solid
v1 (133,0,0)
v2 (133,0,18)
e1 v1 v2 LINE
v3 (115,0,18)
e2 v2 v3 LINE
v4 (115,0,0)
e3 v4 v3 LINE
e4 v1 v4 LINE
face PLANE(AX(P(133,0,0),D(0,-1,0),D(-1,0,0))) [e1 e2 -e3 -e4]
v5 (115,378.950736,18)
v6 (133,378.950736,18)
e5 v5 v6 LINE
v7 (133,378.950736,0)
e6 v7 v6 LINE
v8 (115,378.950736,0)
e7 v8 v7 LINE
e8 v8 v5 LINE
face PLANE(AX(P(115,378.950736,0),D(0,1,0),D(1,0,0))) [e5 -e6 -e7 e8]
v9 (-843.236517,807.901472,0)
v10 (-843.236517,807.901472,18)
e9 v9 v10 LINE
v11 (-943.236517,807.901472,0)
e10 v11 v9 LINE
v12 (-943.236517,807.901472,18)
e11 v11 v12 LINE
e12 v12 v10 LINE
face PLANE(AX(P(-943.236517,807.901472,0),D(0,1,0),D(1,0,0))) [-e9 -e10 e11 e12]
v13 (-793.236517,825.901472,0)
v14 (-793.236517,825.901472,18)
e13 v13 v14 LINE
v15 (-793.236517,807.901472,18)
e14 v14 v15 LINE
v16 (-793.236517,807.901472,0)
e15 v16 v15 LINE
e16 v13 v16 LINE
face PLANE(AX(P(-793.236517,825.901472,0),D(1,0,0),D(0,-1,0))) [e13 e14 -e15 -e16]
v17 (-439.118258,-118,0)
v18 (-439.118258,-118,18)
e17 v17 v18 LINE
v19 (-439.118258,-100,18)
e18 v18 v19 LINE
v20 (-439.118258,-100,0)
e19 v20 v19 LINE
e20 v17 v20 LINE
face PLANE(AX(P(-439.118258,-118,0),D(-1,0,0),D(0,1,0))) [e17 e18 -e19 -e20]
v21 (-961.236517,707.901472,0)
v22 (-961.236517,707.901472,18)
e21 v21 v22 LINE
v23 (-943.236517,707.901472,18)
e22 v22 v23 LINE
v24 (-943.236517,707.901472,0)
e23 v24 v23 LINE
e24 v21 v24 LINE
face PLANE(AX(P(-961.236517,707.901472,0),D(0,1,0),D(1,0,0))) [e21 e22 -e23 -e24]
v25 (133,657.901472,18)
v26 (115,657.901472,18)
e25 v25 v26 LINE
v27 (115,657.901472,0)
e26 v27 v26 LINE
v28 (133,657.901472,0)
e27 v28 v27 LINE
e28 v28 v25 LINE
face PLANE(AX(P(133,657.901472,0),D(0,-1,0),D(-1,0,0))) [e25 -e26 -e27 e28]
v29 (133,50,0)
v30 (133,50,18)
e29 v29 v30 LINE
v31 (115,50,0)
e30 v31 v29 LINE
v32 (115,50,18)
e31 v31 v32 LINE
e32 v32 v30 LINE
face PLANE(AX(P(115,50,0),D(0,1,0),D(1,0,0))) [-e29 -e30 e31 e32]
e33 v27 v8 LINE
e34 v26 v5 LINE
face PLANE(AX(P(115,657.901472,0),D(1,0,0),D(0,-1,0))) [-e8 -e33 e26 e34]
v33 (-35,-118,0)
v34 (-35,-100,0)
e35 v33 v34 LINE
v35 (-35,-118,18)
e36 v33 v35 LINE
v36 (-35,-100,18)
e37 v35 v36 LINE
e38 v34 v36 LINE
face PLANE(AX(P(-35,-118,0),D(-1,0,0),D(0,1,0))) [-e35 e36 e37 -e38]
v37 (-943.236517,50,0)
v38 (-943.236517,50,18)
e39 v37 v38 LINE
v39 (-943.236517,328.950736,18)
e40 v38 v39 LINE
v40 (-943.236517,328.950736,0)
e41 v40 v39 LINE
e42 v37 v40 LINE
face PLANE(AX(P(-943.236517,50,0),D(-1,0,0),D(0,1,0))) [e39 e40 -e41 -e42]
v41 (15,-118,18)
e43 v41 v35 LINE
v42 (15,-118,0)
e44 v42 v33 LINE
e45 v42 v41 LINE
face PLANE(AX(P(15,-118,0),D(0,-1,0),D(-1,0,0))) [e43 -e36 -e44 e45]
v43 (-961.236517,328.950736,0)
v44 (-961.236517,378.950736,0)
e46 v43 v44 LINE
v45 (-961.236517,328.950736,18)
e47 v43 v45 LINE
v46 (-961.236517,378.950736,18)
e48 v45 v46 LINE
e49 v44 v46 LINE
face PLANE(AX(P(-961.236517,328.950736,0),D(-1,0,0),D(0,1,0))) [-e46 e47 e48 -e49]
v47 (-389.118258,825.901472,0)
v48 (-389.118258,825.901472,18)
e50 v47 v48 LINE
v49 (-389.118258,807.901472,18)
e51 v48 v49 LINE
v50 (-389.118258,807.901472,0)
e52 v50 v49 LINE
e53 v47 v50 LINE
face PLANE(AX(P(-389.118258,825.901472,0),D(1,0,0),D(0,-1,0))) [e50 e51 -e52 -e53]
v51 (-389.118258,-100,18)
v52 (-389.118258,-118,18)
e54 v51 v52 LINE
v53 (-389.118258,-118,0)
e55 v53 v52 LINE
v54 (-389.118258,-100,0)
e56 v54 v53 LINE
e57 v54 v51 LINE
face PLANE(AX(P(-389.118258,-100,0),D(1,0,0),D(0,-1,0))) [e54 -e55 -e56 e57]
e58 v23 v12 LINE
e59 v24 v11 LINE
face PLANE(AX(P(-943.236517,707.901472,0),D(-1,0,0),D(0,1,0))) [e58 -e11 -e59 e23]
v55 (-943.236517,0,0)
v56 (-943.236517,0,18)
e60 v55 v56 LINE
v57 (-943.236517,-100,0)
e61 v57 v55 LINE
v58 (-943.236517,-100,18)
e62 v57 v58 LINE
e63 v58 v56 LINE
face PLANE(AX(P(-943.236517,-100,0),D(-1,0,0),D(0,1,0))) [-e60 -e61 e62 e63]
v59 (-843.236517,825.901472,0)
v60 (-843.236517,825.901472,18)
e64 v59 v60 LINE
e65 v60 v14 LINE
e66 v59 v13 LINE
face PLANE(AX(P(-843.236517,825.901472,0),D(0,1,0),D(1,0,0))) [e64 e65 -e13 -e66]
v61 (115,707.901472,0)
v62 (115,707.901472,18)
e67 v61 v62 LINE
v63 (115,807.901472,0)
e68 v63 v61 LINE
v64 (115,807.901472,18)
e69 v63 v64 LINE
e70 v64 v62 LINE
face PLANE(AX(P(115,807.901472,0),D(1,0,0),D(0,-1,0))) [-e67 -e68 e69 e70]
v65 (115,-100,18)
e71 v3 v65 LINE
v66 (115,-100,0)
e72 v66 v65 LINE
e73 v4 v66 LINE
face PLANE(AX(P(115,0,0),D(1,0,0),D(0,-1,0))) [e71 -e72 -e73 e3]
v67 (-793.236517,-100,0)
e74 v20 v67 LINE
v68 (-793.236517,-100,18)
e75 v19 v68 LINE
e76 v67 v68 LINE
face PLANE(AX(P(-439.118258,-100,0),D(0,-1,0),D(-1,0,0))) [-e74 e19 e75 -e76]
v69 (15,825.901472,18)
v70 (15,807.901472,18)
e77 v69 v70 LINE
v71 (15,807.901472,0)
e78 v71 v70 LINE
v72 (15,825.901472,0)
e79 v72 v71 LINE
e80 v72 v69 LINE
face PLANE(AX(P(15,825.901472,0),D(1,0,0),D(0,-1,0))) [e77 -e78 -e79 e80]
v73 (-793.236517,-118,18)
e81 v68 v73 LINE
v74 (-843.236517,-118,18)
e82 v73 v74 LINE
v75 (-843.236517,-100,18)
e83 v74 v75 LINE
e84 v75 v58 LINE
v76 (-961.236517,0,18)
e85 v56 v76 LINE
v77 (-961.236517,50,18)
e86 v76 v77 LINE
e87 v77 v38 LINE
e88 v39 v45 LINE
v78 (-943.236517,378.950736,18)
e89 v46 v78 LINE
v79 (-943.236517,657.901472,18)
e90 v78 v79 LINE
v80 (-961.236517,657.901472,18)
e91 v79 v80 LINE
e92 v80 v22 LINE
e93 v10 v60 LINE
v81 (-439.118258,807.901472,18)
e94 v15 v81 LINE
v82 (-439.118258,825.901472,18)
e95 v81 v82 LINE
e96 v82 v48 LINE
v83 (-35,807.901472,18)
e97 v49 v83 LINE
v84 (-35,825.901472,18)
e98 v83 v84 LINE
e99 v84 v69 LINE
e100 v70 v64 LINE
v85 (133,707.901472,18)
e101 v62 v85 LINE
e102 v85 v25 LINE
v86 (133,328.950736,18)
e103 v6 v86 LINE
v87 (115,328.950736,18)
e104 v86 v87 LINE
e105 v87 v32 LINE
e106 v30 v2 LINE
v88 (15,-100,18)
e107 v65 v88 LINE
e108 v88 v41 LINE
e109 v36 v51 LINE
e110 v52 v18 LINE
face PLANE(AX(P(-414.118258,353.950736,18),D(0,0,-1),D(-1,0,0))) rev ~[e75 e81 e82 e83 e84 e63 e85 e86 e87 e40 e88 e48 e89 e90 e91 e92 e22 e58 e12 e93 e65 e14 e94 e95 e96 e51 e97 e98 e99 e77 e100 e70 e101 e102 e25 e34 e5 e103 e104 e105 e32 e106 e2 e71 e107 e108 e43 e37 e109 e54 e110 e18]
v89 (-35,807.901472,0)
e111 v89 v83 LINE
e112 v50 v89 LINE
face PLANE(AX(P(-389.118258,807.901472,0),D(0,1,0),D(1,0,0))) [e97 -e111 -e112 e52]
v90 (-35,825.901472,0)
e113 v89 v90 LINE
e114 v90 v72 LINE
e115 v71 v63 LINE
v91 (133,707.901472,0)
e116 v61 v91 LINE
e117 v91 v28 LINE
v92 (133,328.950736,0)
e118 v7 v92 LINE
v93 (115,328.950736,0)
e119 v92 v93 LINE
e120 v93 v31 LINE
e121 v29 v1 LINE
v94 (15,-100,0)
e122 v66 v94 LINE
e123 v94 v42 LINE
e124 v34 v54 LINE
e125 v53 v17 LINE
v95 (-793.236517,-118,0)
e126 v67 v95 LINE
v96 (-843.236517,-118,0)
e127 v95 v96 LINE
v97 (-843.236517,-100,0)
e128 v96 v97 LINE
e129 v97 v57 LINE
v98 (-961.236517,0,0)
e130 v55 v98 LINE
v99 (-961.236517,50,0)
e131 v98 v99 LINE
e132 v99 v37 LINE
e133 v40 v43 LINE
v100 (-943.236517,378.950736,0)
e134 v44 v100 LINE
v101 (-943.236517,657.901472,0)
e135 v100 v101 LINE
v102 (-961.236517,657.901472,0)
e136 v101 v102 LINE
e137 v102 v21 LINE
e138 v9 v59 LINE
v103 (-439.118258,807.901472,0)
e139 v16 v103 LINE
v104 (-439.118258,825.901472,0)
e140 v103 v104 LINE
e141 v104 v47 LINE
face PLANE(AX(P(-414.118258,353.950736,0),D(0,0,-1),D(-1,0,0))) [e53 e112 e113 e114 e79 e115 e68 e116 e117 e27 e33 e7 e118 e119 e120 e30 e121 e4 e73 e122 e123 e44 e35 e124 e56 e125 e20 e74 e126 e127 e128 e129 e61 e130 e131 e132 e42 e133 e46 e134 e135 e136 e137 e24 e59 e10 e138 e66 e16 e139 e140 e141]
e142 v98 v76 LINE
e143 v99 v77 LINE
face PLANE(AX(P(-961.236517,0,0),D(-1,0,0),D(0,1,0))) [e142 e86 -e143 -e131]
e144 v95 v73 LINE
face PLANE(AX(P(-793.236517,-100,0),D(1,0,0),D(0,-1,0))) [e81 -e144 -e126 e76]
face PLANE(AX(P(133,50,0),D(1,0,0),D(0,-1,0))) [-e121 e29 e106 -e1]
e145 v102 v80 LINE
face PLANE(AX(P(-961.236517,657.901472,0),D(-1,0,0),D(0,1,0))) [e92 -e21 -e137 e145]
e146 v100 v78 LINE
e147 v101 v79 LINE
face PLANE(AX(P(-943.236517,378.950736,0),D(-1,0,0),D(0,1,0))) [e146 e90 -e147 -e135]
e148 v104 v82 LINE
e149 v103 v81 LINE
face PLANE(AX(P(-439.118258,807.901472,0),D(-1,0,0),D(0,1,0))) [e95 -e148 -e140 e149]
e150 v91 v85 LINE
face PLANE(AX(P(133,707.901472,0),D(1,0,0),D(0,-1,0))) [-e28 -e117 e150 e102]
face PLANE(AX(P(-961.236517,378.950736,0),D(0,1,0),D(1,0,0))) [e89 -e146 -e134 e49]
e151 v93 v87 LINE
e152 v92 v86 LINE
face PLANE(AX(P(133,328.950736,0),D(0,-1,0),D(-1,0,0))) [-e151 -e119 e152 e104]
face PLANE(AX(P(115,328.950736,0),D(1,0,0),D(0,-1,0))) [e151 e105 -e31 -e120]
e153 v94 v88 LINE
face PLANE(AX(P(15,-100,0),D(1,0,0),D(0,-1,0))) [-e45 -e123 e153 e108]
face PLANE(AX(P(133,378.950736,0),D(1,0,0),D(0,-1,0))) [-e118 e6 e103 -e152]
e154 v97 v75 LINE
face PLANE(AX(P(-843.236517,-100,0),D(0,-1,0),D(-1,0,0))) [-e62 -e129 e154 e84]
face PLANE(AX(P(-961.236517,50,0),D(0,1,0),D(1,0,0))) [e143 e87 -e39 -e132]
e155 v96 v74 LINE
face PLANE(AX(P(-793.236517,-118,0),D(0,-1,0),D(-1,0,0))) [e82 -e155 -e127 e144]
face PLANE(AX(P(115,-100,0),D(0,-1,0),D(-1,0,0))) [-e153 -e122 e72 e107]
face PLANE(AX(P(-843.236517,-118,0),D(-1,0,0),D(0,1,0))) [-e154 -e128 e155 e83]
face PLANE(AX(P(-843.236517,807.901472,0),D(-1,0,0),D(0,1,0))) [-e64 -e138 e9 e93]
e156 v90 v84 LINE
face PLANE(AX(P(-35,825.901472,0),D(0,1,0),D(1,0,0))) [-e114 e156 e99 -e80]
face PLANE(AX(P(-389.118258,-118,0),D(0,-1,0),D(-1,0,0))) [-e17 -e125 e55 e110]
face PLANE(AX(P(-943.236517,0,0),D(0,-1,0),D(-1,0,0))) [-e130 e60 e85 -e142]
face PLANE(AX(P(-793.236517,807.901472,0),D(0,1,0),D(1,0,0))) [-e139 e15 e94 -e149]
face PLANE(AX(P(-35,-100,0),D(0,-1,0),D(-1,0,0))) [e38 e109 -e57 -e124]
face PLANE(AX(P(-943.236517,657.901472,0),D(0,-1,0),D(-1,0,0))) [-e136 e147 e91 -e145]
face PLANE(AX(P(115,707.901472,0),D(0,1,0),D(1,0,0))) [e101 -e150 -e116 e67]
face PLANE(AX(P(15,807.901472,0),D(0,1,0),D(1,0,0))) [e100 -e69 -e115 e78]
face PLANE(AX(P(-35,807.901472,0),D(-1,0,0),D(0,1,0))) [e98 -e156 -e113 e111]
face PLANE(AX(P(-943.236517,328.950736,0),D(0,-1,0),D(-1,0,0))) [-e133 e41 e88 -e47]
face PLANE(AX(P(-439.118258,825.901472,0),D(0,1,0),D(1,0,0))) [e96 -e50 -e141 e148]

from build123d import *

# Parameters (mm, degrees)
BOSS_EXTRUDE1_DEPTH = 18


with BuildPart() as part:
    # Sketch1 → Boss-Extrude1 (new body)
    with BuildSketch(Plane.XY):
        Polygon((-961.236516538, 328.950735931), (-961.236516538, 378.950735931), (-943.236516538, 378.950735931), (-943.236516538, 657.901471863), (-961.236516538, 657.901471863), (-961.236516538, 707.901471863), (-943.236516538, 707.901471863), (-943.236516538, 807.901471863), (-843.236516538, 807.901471863), (-843.236516538, 825.901471863), (-793.236516538, 825.901471863), (-793.236516538, 807.901471863), (-439.118258269, 807.901471863), (-439.118258269, 825.901471863), (-389.118258269, 825.901471863), (-389.118258269, 807.901471863), (-35, 807.901471863), (-35, 825.901471863), (15, 825.901471863), (15, 807.901471863), (115, 807.901471863), (115, 707.901471863), (133, 707.901471863), (133, 657.901471863), (115, 657.901471863), (115, 378.950735931), (133, 378.950735931), (133, 328.950735931), (115, 328.950735931), (115, 50), (133, 50), (133, 0), (115, 0), (115, -100), (15, -100), (15, -118), (-35, -118), (-35, -100), (-389.118258269, -100), (-389.118258269, -118), (-439.118258269, -118), (-439.118258269, -100), (-793.236516538, -100), (-793.236516538, -118), (-843.236516538, -118), (-843.236516538, -100), (-943.236516538, -100), (-943.236516538, 0), (-961.236516538, 0), (-961.236516538, 50), (-943.236516538, 50), (-943.236516538, 328.950735931), align=None)
    extrude(amount=BOSS_EXTRUDE1_DEPTH)


solid = part.part
